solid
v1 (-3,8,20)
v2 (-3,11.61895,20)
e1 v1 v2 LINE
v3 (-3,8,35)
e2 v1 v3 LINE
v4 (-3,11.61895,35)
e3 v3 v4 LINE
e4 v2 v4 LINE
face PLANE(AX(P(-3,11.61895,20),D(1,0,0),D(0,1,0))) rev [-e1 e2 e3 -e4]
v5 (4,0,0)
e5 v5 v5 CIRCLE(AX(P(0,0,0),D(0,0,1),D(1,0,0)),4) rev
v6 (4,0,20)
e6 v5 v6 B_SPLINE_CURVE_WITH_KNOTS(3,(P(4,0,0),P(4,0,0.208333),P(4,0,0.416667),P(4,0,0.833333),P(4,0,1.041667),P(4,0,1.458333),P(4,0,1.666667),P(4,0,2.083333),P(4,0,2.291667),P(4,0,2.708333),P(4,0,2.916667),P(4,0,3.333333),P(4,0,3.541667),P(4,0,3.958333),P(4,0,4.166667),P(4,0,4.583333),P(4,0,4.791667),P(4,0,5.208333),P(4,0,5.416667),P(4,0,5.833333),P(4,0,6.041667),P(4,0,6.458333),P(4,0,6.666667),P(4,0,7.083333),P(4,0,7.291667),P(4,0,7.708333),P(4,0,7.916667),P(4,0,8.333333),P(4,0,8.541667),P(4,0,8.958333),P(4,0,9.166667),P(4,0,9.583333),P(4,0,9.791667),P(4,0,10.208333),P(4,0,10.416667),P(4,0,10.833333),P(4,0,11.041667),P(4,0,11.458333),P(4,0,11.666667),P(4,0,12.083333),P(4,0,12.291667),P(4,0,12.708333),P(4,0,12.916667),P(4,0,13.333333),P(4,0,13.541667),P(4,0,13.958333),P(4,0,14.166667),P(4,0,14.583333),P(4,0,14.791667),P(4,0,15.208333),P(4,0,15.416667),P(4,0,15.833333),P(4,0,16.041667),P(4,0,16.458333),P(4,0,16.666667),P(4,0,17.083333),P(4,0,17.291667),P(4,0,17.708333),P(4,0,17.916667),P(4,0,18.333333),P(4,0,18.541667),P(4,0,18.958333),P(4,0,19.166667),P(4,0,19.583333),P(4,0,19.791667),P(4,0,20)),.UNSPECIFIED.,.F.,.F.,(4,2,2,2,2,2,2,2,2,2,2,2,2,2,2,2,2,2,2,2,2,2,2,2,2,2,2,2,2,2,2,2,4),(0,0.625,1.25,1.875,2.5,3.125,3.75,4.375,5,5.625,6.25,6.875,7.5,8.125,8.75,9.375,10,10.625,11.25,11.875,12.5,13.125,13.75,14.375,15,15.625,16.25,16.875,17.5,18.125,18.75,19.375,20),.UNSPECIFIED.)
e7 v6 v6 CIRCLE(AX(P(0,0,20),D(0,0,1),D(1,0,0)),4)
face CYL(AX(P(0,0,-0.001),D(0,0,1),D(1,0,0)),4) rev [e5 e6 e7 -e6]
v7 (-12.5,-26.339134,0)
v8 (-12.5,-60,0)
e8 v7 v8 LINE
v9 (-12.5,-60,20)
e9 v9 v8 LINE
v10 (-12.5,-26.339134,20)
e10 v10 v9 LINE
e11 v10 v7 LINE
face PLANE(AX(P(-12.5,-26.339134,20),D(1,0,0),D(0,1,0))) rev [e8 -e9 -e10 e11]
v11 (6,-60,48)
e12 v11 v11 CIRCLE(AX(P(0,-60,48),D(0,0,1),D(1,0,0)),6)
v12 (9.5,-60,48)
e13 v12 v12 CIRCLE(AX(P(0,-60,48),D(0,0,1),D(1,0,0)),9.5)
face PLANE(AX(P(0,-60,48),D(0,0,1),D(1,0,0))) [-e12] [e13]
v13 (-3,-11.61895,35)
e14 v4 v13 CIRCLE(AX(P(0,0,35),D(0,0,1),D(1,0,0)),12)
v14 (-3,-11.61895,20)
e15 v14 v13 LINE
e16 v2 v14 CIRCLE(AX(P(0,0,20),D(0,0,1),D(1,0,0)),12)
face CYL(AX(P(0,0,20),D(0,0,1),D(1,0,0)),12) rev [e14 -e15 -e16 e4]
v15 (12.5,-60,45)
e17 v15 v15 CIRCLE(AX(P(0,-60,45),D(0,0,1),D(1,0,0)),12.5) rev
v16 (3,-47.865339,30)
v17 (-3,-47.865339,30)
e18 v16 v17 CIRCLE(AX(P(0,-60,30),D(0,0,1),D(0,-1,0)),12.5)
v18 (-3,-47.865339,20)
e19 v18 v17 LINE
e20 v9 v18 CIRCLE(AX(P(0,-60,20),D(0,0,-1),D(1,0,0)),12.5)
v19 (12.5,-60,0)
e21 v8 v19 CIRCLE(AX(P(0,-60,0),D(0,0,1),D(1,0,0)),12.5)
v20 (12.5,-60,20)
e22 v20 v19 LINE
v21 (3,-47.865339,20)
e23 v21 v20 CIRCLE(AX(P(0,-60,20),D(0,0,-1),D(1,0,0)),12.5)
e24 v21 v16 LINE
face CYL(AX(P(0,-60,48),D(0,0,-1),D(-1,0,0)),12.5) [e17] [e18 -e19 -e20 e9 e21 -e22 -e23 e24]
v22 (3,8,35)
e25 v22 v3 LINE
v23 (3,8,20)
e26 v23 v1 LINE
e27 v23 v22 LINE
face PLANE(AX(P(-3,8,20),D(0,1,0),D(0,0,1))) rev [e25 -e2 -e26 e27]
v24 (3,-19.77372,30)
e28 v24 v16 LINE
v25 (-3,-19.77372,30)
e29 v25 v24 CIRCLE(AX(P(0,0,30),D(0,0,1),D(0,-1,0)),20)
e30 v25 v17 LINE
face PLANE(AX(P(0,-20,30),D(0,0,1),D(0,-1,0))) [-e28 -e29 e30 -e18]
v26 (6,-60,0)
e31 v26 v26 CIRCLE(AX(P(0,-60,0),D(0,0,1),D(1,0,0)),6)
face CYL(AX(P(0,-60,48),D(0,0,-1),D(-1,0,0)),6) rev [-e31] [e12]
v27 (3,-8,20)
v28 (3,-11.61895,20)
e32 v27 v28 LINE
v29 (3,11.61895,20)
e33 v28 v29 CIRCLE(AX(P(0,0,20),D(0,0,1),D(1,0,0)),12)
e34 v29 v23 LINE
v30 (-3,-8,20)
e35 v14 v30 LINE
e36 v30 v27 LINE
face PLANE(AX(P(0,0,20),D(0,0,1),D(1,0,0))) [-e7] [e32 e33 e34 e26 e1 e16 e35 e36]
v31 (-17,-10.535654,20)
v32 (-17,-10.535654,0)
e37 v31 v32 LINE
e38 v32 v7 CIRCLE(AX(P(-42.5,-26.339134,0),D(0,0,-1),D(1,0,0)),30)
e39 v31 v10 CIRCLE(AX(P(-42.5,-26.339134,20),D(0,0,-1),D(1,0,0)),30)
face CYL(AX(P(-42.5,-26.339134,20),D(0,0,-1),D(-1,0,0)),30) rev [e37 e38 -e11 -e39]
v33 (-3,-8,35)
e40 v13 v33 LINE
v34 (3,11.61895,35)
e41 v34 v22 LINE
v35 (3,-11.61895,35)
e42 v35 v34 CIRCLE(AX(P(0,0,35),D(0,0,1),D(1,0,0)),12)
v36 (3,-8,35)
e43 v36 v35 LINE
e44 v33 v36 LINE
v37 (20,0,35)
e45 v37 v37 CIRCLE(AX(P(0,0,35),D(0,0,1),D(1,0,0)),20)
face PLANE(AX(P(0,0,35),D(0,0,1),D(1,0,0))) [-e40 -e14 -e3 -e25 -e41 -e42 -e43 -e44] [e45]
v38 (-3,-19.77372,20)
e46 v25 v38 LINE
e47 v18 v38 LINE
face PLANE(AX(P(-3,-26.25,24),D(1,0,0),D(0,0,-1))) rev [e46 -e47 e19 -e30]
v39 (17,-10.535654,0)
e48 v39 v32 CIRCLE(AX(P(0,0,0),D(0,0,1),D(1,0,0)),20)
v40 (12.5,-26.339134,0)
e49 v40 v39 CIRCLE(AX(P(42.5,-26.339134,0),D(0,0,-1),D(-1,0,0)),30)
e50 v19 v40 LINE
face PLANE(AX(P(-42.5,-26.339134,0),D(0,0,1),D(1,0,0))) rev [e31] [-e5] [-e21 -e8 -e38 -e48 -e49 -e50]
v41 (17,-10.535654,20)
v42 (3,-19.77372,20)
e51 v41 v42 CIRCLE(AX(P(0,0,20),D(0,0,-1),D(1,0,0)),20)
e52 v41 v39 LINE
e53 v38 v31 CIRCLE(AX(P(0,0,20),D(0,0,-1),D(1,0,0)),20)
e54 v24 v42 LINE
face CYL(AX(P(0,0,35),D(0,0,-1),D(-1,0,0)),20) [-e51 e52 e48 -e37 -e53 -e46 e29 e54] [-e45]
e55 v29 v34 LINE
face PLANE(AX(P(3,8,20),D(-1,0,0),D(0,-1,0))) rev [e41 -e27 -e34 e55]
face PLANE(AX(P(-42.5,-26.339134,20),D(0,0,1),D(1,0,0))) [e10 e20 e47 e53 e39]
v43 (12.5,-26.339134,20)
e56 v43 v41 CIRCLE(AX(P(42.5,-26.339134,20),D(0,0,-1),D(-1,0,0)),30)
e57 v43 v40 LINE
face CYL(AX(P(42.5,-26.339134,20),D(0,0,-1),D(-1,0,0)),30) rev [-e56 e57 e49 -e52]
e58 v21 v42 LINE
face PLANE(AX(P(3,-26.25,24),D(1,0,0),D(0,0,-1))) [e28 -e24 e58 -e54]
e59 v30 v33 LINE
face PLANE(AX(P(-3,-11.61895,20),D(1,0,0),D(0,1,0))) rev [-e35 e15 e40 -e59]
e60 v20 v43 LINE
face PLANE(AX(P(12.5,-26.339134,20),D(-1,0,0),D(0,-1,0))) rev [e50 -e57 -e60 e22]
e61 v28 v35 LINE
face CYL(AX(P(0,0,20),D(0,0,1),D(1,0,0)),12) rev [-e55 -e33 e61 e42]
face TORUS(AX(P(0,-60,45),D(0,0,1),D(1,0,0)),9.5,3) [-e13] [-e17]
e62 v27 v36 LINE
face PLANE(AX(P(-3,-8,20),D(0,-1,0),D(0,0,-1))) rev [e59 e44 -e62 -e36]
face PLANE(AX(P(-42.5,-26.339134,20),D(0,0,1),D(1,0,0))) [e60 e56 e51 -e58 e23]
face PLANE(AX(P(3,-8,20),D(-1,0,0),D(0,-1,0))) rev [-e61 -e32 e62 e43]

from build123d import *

# Parameters (mm, degrees)
SALIENTE_EXTRUIR1_DEPTH = 20
CROQUIS2_R              = 20
SALIENTE_EXTRUIR2_DEPTH = 35
CORTAR_EXTRUIR1_DEPTH   = 15
CORTAR_EXTRUIR2_REACH   = 68.332
CROQUIS4_R              = 4
CROQUIS5_R              = 12.5
CROQUIS5_R_2            = 6
SALIENTE_EXTRUIR3_DEPTH = 48
REDONDEO1_R             = 3
NERVIO1_REACH           = 91.22
CROQUIS6_WALL_W         = 207.940466532
CROQUIS6_WALL_H         = 6


with BuildPart() as part:
    # Croquis1 → Saliente-Extruir1 (new body)
    with BuildSketch(Plane.XY):
        with BuildLine():
            Line((-12.5, -26.339134382), (-12.5, -60))
            ThreePointArc((-12.5, -60), (0, -47.5), (12.5, -60))
            Line((12.5, -60), (12.5, -26.339134382))
            ThreePointArc((12.5, -26.339134382), (13.646923907, -18.12329602), (17, -10.535653753))
            ThreePointArc((17, -10.535653753), (0, -20), (-17, -10.535653753))
            ThreePointArc((-17, -10.535653753), (-13.646923907, -18.12329602), (-12.5, -26.339134382))
        make_face()
    extrude(amount=SALIENTE_EXTRUIR1_DEPTH)

    # Croquis2 → Saliente-Extruir2 (add)
    with BuildSketch(Plane.XY):
        with Locations(Location((0, 0, 0), (0, 0, 211.788330617))):
            Circle(CROQUIS2_R)
    extrude(amount=SALIENTE_EXTRUIR2_DEPTH)

    # Croquis3 → Cortar-Extruir1 (cut)
    with BuildSketch(Plane.XY.offset(35)):
        with BuildLine():
            Line((-3, 11.618950039), (-3, 8))
            Line((-3, 8), (3, 8))
            Line((3, 8), (3, 11.618950039))
            ThreePointArc((3, 11.618950039), (12, 0), (3, -11.618950039))
            Line((3, -11.618950039), (3, -8))
            Line((3, -8), (-3, -8))
            Line((-3, -8), (-3, -11.618950039))
            ThreePointArc((-3, -11.618950039), (-12, 0), (-3, 11.618950039))
        make_face()
    extrude(amount=-CORTAR_EXTRUIR1_DEPTH, mode=Mode.SUBTRACT)

    # Croquis4 → Cortar-Extruir2 (cut, up to next)
    with BuildSketch(Plane.XY.offset(20), mode=Mode.PRIVATE) as cortar_extruir2_sk1:
        Circle(CROQUIS4_R)
    cortar_extruir2_tool1 = extrude(cortar_extruir2_sk1.sketch, amount=-CORTAR_EXTRUIR2_REACH, mode=Mode.PRIVATE) & part.part
    add(cortar_extruir2_tool1.solids().sort_by_distance((0, 0, 20))[0], mode=Mode.SUBTRACT)

    # Croquis5 → Saliente-Extruir3 (add)
    with BuildSketch(Plane.XY):
        with Locations((0, -60)):
            Circle(CROQUIS5_R)
        with Locations((0, -60)):
            Circle(CROQUIS5_R_2, mode=Mode.SUBTRACT)
    extrude(amount=SALIENTE_EXTRUIR3_DEPTH)

    # Redondeo1
    redondeo1_edges = [part.edges().sort_by_distance(p)[0] for p in [
        (-12.5, -60, 48),
    ]]
    fillet(redondeo1_edges, radius=REDONDEO1_R)

    # Croquis6 wall → Nervio1 (add, up to next)
    with BuildSketch(Plane(origin=(0, -33.75, 30), x_dir=(0, -1, 0), z_dir=(0, 0, -1)), mode=Mode.PRIVATE) as nervio1_sk1:
        Rectangle(CROQUIS6_WALL_W, CROQUIS6_WALL_H)
    nervio1_tool1 = extrude(nervio1_sk1.sketch, amount=NERVIO1_REACH, mode=Mode.PRIVATE) - part.part
    add(nervio1_tool1.solids().sort_by_distance((0, -33.75, 30))[0])


solid = part.part
